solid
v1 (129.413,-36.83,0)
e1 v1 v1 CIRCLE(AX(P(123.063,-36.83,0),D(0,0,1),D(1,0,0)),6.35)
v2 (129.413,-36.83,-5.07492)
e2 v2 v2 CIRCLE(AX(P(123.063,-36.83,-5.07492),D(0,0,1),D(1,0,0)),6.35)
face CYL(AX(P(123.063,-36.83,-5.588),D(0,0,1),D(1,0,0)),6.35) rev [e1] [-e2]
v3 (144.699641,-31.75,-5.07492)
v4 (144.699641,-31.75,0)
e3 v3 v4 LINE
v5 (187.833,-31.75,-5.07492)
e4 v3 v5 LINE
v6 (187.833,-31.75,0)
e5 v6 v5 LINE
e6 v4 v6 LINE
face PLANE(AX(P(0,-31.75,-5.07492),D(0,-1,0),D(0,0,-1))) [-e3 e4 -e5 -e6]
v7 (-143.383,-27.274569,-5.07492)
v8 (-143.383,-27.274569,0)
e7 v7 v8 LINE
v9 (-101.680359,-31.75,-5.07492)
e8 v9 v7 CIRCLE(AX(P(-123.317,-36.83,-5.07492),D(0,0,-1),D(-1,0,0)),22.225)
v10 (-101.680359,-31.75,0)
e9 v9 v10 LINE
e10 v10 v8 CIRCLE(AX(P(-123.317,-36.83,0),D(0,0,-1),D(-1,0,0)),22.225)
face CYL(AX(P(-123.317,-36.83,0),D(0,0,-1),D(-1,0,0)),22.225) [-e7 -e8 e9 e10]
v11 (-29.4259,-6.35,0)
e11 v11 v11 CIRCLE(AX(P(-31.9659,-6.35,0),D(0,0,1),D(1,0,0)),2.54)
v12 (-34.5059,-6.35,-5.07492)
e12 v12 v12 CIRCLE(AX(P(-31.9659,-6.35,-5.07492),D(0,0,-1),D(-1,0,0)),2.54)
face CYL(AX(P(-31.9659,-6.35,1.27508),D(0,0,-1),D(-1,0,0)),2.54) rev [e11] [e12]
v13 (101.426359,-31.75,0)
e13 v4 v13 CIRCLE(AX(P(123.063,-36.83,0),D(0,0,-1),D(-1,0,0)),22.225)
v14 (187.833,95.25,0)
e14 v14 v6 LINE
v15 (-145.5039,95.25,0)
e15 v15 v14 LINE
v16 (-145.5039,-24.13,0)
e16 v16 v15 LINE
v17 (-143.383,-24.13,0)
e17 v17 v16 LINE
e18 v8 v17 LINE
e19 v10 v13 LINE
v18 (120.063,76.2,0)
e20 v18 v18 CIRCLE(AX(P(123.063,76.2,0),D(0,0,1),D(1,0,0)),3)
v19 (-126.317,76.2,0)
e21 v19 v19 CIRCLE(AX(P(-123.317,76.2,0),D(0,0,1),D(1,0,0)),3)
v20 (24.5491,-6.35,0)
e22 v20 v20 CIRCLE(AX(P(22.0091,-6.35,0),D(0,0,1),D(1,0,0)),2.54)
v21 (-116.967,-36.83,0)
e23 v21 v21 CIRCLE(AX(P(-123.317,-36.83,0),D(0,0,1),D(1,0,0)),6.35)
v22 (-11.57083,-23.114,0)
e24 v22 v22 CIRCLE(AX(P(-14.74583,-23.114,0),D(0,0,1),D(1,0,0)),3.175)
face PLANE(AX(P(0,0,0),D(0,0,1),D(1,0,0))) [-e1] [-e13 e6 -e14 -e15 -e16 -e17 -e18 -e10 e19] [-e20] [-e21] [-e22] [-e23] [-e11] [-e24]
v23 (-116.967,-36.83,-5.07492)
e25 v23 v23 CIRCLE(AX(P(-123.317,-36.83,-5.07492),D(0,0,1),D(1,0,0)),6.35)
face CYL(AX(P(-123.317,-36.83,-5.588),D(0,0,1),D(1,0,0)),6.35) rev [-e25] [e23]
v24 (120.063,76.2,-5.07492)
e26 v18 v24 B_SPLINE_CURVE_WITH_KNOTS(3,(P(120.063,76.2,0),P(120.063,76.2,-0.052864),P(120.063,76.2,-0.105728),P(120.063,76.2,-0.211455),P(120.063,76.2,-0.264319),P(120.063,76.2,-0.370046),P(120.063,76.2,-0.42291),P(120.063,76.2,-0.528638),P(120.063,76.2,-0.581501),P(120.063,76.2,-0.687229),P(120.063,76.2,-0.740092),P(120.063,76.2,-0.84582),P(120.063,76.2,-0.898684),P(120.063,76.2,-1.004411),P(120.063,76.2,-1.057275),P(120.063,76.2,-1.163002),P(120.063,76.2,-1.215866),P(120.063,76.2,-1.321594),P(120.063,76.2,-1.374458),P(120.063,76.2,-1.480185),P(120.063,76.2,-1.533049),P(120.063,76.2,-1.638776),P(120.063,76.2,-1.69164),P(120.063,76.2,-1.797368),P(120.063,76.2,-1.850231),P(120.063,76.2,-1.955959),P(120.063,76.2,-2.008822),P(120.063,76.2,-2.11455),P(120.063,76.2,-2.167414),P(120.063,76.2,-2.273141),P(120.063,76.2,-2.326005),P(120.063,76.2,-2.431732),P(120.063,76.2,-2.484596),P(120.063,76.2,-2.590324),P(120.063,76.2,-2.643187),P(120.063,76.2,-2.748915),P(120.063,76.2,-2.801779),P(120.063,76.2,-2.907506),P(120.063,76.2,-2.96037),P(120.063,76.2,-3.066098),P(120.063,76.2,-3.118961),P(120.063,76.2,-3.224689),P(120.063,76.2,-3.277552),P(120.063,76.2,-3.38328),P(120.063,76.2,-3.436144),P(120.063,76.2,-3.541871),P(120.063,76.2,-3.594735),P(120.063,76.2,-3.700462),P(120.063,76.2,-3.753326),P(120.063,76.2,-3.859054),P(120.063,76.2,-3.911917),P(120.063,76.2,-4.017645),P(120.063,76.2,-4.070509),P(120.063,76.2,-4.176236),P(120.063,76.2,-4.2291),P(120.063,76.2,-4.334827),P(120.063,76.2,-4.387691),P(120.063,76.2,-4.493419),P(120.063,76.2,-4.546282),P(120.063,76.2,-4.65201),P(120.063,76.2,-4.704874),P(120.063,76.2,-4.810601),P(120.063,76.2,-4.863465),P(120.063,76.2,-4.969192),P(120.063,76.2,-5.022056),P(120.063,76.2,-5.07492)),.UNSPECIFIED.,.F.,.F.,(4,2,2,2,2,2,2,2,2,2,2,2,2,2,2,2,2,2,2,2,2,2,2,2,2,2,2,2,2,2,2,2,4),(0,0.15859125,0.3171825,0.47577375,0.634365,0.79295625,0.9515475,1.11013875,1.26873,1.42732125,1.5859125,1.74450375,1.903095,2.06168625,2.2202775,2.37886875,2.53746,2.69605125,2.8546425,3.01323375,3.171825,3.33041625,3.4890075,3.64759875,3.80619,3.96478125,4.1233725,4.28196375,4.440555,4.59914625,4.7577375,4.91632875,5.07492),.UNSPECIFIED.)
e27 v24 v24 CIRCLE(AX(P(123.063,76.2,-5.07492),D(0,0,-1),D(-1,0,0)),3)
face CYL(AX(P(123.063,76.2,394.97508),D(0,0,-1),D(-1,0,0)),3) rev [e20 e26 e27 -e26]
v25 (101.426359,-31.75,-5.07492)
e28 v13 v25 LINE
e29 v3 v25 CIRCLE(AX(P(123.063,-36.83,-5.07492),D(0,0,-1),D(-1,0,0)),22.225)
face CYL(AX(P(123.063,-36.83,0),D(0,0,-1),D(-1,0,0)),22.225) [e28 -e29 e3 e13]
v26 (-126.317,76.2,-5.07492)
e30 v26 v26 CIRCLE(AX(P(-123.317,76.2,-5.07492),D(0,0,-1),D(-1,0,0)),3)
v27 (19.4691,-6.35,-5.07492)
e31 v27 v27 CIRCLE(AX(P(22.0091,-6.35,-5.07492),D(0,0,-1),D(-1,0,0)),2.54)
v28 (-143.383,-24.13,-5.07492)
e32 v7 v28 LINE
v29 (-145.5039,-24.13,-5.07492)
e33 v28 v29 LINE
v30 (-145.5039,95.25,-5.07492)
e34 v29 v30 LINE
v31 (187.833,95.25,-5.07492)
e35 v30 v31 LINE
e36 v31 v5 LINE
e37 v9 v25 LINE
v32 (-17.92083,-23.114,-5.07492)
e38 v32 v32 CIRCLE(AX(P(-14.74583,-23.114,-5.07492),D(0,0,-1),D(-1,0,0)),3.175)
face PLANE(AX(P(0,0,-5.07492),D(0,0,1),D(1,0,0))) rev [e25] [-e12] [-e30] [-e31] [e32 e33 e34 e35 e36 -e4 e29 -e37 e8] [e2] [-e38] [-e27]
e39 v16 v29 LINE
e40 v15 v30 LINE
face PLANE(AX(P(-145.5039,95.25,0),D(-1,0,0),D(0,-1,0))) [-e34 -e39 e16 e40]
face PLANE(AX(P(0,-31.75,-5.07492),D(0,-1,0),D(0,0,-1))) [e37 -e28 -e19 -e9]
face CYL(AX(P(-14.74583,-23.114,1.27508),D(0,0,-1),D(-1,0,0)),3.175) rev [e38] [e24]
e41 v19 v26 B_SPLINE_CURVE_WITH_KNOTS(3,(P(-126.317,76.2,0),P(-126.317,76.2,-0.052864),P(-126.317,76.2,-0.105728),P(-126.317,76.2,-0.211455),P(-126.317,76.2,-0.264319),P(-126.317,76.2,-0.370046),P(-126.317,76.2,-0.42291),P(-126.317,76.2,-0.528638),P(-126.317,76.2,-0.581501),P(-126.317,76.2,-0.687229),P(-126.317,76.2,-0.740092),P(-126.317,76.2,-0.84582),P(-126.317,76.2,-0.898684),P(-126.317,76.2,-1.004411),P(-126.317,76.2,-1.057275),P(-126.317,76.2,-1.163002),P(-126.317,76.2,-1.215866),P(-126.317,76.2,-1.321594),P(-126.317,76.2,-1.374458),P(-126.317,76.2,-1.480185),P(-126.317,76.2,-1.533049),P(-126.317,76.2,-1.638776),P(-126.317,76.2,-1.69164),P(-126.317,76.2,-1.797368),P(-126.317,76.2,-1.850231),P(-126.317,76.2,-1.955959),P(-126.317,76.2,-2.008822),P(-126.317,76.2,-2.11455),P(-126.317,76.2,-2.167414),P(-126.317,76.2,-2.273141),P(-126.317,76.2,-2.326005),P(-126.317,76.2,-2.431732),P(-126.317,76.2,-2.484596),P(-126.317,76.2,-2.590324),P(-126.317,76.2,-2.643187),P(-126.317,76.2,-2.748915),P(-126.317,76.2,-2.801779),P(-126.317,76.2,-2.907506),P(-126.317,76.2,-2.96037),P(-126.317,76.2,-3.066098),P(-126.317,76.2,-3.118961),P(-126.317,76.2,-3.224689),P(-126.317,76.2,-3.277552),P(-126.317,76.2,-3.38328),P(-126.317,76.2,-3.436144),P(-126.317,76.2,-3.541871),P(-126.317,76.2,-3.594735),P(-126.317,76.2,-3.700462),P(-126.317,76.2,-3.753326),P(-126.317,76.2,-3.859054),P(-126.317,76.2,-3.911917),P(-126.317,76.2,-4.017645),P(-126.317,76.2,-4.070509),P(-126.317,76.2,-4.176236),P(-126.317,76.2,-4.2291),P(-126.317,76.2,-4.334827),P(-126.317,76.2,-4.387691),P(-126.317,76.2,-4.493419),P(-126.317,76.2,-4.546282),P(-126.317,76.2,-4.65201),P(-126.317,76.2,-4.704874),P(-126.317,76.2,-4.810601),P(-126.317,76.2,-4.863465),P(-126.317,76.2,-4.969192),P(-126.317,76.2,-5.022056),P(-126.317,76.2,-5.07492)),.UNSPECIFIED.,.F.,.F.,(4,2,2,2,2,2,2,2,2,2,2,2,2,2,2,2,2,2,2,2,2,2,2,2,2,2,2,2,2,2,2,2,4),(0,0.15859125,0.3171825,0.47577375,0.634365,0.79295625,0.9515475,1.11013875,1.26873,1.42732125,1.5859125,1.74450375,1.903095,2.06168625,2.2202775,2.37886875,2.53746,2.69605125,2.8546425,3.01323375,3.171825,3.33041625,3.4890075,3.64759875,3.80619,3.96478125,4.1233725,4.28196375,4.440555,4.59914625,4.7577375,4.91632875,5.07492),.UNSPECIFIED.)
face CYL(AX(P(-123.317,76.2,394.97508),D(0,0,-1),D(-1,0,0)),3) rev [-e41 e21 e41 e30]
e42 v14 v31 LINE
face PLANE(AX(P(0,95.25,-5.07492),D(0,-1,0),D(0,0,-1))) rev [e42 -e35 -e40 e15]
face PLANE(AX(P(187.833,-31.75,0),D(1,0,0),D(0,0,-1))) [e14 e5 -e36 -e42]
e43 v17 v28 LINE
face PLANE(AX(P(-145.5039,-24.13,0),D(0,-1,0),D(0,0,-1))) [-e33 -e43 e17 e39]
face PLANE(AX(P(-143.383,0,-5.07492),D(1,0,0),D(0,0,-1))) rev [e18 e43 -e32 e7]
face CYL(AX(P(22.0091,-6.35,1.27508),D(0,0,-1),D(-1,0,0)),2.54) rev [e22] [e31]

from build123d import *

# Parameters (mm, degrees)
BOSS_EXTRUDE1_DEPTH = 5.07492
SKETCH5_W           = 44.45
SKETCH5_H           = 127
BOSS_EXTRUDE2_DEPTH = 5.07492
SKETCH6_R           = 22.225
BOSS_EXTRUDE3_DEPTH = 5.07492
SKETCH2_3_R         = 6.35
CUT_EXTRUDE2_DEPTH  = 5.588
SKETCH8_W           = 2.728150378
SKETCH8_H           = 119.38
BOSS_EXTRUDE4_DEPTH = 5.07492
SKETCH9_R           = 3
CUT_EXTRUDE3_DEPTH  = 400.05
SKETCH10_R          = 2.54
SKETCH10_R_2        = 3.175
CUT_EXTRUDE4_DEPTH  = 6.35


with BuildPart() as part:
    # Sketch2 → Boss-Extrude1 (new body)
    with BuildSketch(Plane.XY):
        with BuildLine():
            Line((-143.383, -31.75), (-127.127, -31.75))
            ThreePointArc((-127.127, -31.75), (-123.317, -30.48), (-119.507, -31.75))
            Line((-119.507, -31.75), (119.253, -31.75))
            ThreePointArc((119.253, -31.75), (123.063, -30.48), (126.873, -31.75))
            Line((126.873, -31.75), (143.383, -31.75))
            Line((143.383, -31.75), (143.383, 95.25))
            Line((143.383, 95.25), (-143.383, 95.25))
            Line((-143.383, 95.25), (-143.383, -31.75))
        make_face()
    extrude(amount=-BOSS_EXTRUDE1_DEPTH)

    # Sketch5 → Boss-Extrude2 (add)
    with BuildSketch(Plane(origin=(0, 0, -5.07492), x_dir=(-1, 0, 0), z_dir=(0, 0, -1))):
        with Locations((-165.608, 31.75)):
            Rectangle(SKETCH5_W, SKETCH5_H)
    extrude(amount=-BOSS_EXTRUDE2_DEPTH)

    # Sketch6 → Boss-Extrude3 (add)
    with BuildSketch(Plane(origin=(0, 0, -5.07492), x_dir=(-1, 0, 0), z_dir=(0, 0, -1))):
        with Locations((-123.063, -36.83)):
            Circle(SKETCH6_R)
        with Locations((123.317, -36.83)):
            Circle(SKETCH6_R)
    extrude(amount=-BOSS_EXTRUDE3_DEPTH)

    # Sketch2<3> → Cut-Extrude2 (cut)
    with BuildSketch(Plane.XY):
        with Locations((-123.317, -36.83)):
            Circle(SKETCH2_3_R)
        with Locations((123.063, -36.83)):
            Circle(SKETCH2_3_R)
    extrude(amount=-CUT_EXTRUDE2_DEPTH, mode=Mode.SUBTRACT)

    # Sketch8 → Boss-Extrude4 (add)
    with BuildSketch(Plane(origin=(0, 0, -5.07492), x_dir=(-1, 0, 0), z_dir=(0, 0, -1))):
        with Locations((144.139824811, 35.56)):
            Rectangle(SKETCH8_W, SKETCH8_H)
    extrude(amount=-BOSS_EXTRUDE4_DEPTH)

    # Sketch9 → Cut-Extrude3 (cut)
    with BuildSketch(Plane(origin=(0, 0, -5.07492), x_dir=(-1, 0, 0), z_dir=(0, 0, -1))):
        with Locations((-123.063, 76.2)):
            Circle(SKETCH9_R)
        with Locations((123.317, 76.2)):
            Circle(SKETCH9_R)
    extrude(amount=-CUT_EXTRUDE3_DEPTH, mode=Mode.SUBTRACT)

    # Sketch10 → Cut-Extrude4 (cut)
    with BuildSketch(Plane(origin=(0, 0, -5.07492), x_dir=(-1, 0, 0), z_dir=(0, 0, -1))):
        with Locations((-22.0091, -6.35)):
            Circle(SKETCH10_R)
        with Locations((31.9659, -6.35)):
            Circle(SKETCH10_R)
        with Locations((14.745829779, -23.114)):
            Circle(SKETCH10_R_2)
    extrude(amount=-CUT_EXTRUDE4_DEPTH, mode=Mode.SUBTRACT)


solid = part.part
